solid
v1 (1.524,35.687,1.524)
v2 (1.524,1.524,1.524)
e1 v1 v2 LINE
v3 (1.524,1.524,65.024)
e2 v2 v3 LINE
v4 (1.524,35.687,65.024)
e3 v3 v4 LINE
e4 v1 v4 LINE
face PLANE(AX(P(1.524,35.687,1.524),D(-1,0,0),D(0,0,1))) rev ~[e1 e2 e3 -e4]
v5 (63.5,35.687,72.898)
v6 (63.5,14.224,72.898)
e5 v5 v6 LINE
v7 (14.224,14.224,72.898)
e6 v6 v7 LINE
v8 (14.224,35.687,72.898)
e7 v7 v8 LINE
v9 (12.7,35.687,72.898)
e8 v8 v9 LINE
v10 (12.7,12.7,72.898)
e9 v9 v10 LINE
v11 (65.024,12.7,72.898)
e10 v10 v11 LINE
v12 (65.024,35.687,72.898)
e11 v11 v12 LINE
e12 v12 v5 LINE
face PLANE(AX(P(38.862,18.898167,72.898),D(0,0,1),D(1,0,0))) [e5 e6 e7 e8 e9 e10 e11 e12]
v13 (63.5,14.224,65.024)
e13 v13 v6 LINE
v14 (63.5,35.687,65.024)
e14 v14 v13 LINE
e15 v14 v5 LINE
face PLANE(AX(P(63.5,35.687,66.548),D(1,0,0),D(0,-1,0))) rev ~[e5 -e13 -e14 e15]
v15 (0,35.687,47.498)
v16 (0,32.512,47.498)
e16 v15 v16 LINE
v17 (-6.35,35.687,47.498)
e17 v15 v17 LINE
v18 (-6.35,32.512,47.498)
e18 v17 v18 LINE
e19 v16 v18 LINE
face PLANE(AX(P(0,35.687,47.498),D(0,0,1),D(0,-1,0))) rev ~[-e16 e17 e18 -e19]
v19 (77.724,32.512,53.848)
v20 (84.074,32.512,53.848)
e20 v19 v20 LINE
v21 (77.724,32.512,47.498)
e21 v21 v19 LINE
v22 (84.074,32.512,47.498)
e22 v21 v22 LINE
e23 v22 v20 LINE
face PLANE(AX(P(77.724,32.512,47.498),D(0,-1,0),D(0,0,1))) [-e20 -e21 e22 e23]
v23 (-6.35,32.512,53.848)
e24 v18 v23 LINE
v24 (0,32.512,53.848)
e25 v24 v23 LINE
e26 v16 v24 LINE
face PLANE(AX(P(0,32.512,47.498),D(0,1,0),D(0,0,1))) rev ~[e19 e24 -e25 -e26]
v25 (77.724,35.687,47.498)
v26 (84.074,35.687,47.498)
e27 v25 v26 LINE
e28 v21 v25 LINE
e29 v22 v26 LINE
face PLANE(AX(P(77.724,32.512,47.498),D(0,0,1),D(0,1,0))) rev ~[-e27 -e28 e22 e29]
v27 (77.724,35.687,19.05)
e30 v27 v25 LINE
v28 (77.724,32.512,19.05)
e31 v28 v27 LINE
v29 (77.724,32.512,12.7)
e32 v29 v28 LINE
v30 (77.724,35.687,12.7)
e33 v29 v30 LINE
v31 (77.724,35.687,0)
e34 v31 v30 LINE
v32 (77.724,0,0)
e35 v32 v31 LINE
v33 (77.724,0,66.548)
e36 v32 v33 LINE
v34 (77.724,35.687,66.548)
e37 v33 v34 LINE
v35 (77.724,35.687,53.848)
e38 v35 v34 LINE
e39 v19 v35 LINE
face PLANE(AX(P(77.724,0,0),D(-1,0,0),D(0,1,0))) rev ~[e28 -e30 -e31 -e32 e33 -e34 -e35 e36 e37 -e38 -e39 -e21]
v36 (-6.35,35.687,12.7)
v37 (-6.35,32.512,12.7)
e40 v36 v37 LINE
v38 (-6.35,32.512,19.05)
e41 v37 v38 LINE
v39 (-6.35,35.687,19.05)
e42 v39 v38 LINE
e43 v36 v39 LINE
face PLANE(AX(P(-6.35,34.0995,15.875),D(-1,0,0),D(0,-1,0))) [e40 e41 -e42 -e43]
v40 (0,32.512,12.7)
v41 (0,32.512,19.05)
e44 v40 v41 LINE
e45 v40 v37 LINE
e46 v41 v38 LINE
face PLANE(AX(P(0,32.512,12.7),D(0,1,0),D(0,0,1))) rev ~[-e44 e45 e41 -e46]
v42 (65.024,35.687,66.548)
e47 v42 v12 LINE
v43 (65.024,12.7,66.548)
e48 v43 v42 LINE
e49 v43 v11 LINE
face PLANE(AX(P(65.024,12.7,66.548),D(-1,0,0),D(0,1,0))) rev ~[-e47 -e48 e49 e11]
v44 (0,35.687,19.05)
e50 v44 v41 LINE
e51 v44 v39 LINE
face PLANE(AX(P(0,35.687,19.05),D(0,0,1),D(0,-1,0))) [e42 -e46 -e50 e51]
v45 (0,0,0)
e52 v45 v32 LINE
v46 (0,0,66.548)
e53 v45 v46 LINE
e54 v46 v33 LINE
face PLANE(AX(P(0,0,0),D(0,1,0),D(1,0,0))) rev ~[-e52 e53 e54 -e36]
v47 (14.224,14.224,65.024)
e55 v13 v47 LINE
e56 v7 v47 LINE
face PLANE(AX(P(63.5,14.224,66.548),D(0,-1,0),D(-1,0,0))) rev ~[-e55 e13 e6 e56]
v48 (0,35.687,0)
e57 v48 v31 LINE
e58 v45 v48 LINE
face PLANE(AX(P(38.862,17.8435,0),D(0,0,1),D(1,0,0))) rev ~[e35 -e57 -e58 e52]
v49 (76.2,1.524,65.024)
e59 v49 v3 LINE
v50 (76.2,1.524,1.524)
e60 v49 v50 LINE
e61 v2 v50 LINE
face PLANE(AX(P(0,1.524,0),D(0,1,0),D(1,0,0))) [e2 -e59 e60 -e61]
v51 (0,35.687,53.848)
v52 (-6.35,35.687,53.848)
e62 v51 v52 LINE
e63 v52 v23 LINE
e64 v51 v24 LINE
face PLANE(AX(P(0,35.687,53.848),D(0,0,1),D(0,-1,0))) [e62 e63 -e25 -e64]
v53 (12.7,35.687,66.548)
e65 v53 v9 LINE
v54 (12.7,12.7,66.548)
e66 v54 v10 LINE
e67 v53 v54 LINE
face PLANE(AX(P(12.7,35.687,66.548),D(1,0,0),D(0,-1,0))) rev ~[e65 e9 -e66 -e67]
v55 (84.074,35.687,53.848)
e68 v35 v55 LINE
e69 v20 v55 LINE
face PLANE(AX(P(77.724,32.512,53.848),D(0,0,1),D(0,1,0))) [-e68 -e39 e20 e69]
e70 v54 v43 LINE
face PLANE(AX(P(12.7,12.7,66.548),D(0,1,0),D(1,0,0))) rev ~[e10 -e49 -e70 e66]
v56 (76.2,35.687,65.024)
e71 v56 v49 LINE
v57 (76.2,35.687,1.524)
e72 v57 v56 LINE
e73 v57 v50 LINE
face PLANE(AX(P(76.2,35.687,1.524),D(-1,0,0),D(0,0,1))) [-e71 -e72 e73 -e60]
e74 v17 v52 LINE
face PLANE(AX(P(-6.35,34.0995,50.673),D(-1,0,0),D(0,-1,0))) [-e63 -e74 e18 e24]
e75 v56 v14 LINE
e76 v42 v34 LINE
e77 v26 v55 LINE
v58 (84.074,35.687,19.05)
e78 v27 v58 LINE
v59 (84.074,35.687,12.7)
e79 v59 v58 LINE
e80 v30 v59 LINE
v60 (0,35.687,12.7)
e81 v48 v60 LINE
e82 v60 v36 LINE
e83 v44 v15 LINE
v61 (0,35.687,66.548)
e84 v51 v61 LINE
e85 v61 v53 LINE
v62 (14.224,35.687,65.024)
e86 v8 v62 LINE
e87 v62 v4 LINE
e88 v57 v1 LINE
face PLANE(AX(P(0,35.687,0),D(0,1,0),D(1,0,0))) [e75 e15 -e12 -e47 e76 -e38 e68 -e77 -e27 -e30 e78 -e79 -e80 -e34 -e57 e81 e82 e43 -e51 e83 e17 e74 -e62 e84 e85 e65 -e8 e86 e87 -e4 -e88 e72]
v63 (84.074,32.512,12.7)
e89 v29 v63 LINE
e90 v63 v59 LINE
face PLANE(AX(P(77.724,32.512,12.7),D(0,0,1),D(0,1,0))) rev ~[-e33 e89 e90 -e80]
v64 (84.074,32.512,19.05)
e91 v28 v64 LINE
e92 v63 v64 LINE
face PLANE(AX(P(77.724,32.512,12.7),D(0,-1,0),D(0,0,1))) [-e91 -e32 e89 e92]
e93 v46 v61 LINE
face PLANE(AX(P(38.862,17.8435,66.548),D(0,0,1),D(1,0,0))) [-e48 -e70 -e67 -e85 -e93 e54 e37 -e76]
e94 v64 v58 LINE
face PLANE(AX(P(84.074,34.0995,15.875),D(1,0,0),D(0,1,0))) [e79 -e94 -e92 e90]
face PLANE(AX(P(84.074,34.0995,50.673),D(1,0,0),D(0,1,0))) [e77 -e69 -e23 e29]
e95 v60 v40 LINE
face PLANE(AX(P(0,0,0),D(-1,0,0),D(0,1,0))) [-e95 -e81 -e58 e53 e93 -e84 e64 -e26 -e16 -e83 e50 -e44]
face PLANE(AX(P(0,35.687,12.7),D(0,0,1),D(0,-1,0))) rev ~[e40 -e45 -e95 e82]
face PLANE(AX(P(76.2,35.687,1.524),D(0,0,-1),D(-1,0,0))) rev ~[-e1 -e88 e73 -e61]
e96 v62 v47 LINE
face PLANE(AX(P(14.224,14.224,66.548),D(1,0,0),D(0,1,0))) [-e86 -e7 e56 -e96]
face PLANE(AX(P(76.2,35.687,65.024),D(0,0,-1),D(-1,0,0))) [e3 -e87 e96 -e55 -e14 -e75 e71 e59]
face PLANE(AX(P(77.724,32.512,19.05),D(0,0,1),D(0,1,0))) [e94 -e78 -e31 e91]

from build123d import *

# Parameters (mm, degrees)
F0_W      = 77.724
F0_H      = 35.687
F1_DEPTH  = 66.548
F2_T      = -1.524
F4_DEPTH  = 6.35
F5_DEPTH  = 25.4
F6_W      = 3.175
F6_H      = 6.35
F7_DEPTH  = 6.35
F8_W      = 3.175
F8_H      = 6.35
F9_DEPTH  = 6.35
F10_W     = 74.676
F10_H     = 63.5
F11_DEPTH = 1.524


with BuildPart() as f1:
    # F0 (on Top) → F1 (new body)
    with BuildSketch(Plane.XY):
        with Locations((38.862, 17.8435)):
            Rectangle(F0_W, F0_H)
    extrude(amount=F1_DEPTH)

    # F2 (hollow: no face is removed)
    offset(amount=F2_T, mode=Mode.SUBTRACT)

    # F3 (on face) → F4 (join)
    with BuildSketch(Plane.XY.offset(66.548)):
        Polygon((63.5, 14.224), (14.224, 14.224), (14.224, 35.687), (12.7, 35.687), (12.7, 12.7), (65.024, 12.7), (65.024, 35.687), (63.5, 35.687), align=None)
    extrude(amount=F4_DEPTH)

    # F5 (cut): a face of the model
    f5_faces = [f1.faces().sort_by_distance(p)[0] for p in [
        (38.862, 24.9555, 66.548),
    ]]
    extrude(f5_faces, amount=-F5_DEPTH, mode=Mode.SUBTRACT)

    # F6 (on face) → F7 (join)
    with BuildSketch(Plane.YZ.offset(77.724)):
        with Locations((34.0995, 15.875)):
            Rectangle(F6_W, F6_H)
        with Locations((34.0995, 50.673)):
            Rectangle(F6_W, F6_H)
    extrude(amount=F7_DEPTH)

    # F8 (on face) → F9 (join)
    with BuildSketch(Plane(origin=(0, 0, 0), x_dir=(0, -1, 0), z_dir=(-1, 0, 0))):
        with Locations((-34.0995, 15.875)):
            Rectangle(F8_W, F8_H)
        with Locations((-34.0995, 50.673)):
            Rectangle(F8_W, F8_H)
    extrude(amount=F9_DEPTH)

    # F10 (on face) → F11 (cut)
    with BuildSketch(Plane(origin=(0, 35.687, 0), x_dir=(-1, 0, 0), z_dir=(0, 1, 0))):
        with Locations((-38.862, 33.274)):
            Rectangle(F10_W, F10_H)
    extrude(amount=-F11_DEPTH, mode=Mode.SUBTRACT)


solid = f1.part
